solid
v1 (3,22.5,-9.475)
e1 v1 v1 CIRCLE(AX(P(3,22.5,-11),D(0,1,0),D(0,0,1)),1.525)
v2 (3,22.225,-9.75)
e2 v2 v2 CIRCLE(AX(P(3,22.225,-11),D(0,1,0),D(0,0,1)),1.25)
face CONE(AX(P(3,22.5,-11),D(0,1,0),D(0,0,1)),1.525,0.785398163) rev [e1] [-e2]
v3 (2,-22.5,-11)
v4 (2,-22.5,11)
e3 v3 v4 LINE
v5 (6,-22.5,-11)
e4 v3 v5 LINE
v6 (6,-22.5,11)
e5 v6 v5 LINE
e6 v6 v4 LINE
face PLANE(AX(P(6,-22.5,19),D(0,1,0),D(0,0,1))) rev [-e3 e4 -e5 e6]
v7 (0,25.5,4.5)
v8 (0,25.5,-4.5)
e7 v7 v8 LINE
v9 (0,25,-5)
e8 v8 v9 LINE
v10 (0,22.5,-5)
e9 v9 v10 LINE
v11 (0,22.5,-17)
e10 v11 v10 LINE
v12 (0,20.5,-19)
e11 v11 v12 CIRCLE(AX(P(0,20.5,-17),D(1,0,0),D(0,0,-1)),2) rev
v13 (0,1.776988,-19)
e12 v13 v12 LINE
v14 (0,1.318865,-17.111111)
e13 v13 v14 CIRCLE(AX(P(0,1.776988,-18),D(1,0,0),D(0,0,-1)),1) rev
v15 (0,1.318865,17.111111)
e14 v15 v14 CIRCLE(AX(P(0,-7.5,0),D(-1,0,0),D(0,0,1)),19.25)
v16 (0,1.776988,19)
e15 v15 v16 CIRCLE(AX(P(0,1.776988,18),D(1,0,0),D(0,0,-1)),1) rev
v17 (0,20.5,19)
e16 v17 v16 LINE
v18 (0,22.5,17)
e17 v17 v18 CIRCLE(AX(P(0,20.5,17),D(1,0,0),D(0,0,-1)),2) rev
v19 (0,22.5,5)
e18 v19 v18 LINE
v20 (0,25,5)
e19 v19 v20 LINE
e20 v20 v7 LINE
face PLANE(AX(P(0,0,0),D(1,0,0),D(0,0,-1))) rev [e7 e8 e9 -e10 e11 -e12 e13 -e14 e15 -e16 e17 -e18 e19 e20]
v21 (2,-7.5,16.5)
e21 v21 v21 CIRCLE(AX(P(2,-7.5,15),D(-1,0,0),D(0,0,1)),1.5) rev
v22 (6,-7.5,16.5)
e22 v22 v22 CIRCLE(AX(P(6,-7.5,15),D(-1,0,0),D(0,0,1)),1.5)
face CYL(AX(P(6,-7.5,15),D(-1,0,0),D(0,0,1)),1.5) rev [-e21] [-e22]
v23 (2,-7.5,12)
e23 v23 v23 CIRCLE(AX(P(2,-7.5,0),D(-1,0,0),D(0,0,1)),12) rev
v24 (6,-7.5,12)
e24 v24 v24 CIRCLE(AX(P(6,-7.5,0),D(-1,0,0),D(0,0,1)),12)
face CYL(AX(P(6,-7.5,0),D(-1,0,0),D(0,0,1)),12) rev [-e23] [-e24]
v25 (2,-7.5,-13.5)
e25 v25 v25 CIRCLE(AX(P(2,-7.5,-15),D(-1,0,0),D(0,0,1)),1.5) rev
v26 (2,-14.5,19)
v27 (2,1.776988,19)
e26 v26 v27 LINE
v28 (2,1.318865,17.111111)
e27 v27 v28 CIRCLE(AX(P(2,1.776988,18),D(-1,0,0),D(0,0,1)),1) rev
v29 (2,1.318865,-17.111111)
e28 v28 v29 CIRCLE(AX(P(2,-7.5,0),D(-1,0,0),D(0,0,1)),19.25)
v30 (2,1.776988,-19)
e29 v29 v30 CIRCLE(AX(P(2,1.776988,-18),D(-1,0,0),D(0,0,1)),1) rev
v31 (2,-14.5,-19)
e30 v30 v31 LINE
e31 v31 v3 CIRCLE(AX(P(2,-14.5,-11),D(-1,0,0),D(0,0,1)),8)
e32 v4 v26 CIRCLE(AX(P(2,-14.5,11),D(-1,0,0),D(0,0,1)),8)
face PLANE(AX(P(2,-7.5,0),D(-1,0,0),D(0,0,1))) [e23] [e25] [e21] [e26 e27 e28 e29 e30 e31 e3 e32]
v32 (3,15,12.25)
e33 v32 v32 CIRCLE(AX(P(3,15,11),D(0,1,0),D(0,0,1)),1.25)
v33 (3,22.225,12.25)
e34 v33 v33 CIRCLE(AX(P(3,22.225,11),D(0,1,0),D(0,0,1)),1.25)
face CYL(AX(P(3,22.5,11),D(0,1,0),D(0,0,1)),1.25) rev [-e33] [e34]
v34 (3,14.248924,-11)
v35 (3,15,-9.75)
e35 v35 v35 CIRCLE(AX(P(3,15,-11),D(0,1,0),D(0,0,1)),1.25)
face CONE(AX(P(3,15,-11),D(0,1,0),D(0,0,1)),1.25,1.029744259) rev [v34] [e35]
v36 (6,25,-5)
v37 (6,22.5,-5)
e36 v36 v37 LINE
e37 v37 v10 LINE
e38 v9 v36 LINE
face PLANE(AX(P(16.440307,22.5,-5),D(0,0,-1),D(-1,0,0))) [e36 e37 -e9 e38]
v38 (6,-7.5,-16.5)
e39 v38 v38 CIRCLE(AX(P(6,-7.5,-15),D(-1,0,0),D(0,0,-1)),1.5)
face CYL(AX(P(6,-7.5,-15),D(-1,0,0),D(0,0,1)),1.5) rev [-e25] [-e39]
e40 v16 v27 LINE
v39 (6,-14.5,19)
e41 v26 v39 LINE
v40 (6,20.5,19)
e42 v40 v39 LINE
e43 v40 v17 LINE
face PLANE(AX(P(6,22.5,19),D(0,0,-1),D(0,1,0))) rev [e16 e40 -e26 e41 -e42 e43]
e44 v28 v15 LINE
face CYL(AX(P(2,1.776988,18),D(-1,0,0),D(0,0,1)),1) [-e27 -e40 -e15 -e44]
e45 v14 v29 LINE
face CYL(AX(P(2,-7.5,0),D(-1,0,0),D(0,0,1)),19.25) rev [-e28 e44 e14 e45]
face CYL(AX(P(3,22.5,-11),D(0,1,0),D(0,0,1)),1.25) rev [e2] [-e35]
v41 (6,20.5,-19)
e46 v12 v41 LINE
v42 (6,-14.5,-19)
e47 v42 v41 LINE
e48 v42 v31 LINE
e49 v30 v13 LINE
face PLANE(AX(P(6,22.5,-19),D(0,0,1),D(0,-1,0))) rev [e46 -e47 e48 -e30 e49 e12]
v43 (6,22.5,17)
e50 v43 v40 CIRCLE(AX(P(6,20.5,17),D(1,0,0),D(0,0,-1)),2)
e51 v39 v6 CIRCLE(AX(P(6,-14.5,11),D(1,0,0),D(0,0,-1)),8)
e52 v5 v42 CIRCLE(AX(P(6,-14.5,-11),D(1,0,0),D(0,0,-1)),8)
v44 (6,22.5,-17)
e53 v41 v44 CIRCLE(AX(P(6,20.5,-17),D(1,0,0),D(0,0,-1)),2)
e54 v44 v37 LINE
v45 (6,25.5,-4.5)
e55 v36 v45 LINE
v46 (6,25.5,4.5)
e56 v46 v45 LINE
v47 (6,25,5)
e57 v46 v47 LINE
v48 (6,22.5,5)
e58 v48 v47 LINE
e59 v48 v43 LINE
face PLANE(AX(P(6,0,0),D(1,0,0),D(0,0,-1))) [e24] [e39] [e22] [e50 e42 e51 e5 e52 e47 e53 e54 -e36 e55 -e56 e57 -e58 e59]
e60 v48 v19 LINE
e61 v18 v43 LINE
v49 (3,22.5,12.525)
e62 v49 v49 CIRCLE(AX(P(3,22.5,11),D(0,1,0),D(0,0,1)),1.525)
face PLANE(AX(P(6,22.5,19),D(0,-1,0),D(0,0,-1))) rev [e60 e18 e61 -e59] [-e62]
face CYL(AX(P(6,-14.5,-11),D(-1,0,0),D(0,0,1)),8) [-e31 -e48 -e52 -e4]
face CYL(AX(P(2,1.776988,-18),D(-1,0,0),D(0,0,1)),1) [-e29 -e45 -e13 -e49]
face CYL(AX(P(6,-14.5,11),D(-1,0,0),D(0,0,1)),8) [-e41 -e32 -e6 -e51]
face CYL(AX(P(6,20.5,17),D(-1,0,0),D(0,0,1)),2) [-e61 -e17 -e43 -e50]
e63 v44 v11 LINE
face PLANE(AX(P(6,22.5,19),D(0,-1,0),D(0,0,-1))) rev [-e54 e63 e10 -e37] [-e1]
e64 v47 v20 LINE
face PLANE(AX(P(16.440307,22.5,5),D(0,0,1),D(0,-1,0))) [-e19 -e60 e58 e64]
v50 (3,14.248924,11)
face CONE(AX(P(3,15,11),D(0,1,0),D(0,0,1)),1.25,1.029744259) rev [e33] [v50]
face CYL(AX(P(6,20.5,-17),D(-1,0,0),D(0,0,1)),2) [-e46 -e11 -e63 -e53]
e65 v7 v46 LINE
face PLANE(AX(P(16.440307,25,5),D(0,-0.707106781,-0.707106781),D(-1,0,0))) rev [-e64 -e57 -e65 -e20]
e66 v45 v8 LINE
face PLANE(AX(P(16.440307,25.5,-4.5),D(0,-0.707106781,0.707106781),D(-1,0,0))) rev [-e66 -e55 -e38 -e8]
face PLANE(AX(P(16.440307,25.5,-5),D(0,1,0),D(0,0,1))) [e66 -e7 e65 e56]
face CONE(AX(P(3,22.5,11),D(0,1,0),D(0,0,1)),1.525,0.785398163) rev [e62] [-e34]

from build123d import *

# Parameters (mm, degrees)
SKETCH_1_W                   = 38
SKETCH_1_H                   = 45
EXTRUDE_1_DEPTH              = 6
SKETCH_2_R                   = 12
SKETCH_2_R_2                 = 1.5
CUT_EXTRUDE_1_DEPTH          = 31.054117854
CUT_EXTRUDE_2_DEPTH          = 2
FILLET_2_R                   = 1
FILLET_3_R                   = 8
FILLET_4_R                   = 2
SKETCH_4_W                   = 10
SKETCH_4_H                   = 3
EXTRUDE_2_DEPTH              = 6
CHAMFER_1_SIZE               = 0.5
HOLE_WIZARD_M3_1_D           = 2.5
HOLE_WIZARD_M3_1_DEPTH       = 7.5
HOLE_WIZARD_M3_1_CSINK_D     = 3.05
HOLE_WIZARD_M3_1_CSINK_ANGLE = 90
HOLE_WIZARD_M3_1_TIP         = 0.751075774


with BuildPart() as part:
    # 草图1 → 凸台-拉伸1 (new body)
    with BuildSketch(Plane(origin=(0, 0, 0), x_dir=(0, 0, -1), z_dir=(1, 0, 0))):
        Rectangle(SKETCH_1_W, SKETCH_1_H)
    extrude(amount=EXTRUDE_1_DEPTH)

    # 草图2 → 切除-拉伸1 (cut, through all)
    with BuildSketch(Plane.ZY):
        with Locations((0, -7.5)):
            Circle(SKETCH_2_R)
        with Locations((15, -7.5)):
            Circle(SKETCH_2_R_2)
        with Locations(Location((-15, -7.5, 0), (0, 0, 180))):
            Circle(SKETCH_2_R_2)
    extrude(amount=-CUT_EXTRUDE_1_DEPTH, mode=Mode.SUBTRACT)

    # 草图3 → 切除-拉伸2 (cut)
    with BuildSketch(Plane.ZY):
        with BuildLine():
            Line((19.25, -7.5), (19.25, -22.5))
            Line((19.25, -22.5), (-19.25, -22.5))
            Line((-19.25, -22.5), (-19.25, -7.5))
            ThreePointArc((-19.25, -7.5), (0, 11.75), (19.25, -7.5))
        make_face()
    extrude(amount=-CUT_EXTRUDE_2_DEPTH, mode=Mode.SUBTRACT)

    # 圆角2
    fillet_2_edges = [part.edges().sort_by_distance(p)[0] for p in [
        (1, -4.407670781, -19),
        (1, -4.407670781, 19),
    ]]
    fillet(fillet_2_edges, radius=FILLET_2_R)

    # 圆角3
    fillet_3_edges = [part.edges().sort_by_distance(p)[0] for p in [
        (4, -22.5, -19),
        (4, -22.5, 19),
    ]]
    fillet(fillet_3_edges, radius=FILLET_3_R)

    # 圆角4
    fillet_4_edges = [part.edges().sort_by_distance(p)[0] for p in [
        (3, 22.5, 19),
        (3, 22.5, -19),
    ]]
    fillet(fillet_4_edges, radius=FILLET_4_R)

    # 草图4 → 凸台-拉伸2 (add)
    with BuildSketch(Plane.ZY):
        with Locations((0, 24)):
            Rectangle(SKETCH_4_W, SKETCH_4_H)
    extrude(amount=-EXTRUDE_2_DEPTH)

    # 倒角1
    chamfer_1_edges = [part.edges().sort_by_distance(p)[0] for p in [
        (3, 25.5, 5),
        (3, 25.5, -5),
    ]]
    chamfer(chamfer_1_edges, length=CHAMFER_1_SIZE)

    # M3 螺纹孔1
    with Locations(Plane(origin=(3, 22.5, -11), x_dir=(0, 0, 1), z_dir=(0, 1, 0))):
        with Locations((0, 0), (22, 0)):
            CounterSinkHole(HOLE_WIZARD_M3_1_D / 2, HOLE_WIZARD_M3_1_CSINK_D / 2, depth=HOLE_WIZARD_M3_1_DEPTH, counter_sink_angle=HOLE_WIZARD_M3_1_CSINK_ANGLE)
            with Locations((0, 0, -(HOLE_WIZARD_M3_1_DEPTH + HOLE_WIZARD_M3_1_TIP / 2))):  # 118° drill point
                Cone(0, HOLE_WIZARD_M3_1_D / 2, HOLE_WIZARD_M3_1_TIP, mode=Mode.SUBTRACT)


solid = part.part
